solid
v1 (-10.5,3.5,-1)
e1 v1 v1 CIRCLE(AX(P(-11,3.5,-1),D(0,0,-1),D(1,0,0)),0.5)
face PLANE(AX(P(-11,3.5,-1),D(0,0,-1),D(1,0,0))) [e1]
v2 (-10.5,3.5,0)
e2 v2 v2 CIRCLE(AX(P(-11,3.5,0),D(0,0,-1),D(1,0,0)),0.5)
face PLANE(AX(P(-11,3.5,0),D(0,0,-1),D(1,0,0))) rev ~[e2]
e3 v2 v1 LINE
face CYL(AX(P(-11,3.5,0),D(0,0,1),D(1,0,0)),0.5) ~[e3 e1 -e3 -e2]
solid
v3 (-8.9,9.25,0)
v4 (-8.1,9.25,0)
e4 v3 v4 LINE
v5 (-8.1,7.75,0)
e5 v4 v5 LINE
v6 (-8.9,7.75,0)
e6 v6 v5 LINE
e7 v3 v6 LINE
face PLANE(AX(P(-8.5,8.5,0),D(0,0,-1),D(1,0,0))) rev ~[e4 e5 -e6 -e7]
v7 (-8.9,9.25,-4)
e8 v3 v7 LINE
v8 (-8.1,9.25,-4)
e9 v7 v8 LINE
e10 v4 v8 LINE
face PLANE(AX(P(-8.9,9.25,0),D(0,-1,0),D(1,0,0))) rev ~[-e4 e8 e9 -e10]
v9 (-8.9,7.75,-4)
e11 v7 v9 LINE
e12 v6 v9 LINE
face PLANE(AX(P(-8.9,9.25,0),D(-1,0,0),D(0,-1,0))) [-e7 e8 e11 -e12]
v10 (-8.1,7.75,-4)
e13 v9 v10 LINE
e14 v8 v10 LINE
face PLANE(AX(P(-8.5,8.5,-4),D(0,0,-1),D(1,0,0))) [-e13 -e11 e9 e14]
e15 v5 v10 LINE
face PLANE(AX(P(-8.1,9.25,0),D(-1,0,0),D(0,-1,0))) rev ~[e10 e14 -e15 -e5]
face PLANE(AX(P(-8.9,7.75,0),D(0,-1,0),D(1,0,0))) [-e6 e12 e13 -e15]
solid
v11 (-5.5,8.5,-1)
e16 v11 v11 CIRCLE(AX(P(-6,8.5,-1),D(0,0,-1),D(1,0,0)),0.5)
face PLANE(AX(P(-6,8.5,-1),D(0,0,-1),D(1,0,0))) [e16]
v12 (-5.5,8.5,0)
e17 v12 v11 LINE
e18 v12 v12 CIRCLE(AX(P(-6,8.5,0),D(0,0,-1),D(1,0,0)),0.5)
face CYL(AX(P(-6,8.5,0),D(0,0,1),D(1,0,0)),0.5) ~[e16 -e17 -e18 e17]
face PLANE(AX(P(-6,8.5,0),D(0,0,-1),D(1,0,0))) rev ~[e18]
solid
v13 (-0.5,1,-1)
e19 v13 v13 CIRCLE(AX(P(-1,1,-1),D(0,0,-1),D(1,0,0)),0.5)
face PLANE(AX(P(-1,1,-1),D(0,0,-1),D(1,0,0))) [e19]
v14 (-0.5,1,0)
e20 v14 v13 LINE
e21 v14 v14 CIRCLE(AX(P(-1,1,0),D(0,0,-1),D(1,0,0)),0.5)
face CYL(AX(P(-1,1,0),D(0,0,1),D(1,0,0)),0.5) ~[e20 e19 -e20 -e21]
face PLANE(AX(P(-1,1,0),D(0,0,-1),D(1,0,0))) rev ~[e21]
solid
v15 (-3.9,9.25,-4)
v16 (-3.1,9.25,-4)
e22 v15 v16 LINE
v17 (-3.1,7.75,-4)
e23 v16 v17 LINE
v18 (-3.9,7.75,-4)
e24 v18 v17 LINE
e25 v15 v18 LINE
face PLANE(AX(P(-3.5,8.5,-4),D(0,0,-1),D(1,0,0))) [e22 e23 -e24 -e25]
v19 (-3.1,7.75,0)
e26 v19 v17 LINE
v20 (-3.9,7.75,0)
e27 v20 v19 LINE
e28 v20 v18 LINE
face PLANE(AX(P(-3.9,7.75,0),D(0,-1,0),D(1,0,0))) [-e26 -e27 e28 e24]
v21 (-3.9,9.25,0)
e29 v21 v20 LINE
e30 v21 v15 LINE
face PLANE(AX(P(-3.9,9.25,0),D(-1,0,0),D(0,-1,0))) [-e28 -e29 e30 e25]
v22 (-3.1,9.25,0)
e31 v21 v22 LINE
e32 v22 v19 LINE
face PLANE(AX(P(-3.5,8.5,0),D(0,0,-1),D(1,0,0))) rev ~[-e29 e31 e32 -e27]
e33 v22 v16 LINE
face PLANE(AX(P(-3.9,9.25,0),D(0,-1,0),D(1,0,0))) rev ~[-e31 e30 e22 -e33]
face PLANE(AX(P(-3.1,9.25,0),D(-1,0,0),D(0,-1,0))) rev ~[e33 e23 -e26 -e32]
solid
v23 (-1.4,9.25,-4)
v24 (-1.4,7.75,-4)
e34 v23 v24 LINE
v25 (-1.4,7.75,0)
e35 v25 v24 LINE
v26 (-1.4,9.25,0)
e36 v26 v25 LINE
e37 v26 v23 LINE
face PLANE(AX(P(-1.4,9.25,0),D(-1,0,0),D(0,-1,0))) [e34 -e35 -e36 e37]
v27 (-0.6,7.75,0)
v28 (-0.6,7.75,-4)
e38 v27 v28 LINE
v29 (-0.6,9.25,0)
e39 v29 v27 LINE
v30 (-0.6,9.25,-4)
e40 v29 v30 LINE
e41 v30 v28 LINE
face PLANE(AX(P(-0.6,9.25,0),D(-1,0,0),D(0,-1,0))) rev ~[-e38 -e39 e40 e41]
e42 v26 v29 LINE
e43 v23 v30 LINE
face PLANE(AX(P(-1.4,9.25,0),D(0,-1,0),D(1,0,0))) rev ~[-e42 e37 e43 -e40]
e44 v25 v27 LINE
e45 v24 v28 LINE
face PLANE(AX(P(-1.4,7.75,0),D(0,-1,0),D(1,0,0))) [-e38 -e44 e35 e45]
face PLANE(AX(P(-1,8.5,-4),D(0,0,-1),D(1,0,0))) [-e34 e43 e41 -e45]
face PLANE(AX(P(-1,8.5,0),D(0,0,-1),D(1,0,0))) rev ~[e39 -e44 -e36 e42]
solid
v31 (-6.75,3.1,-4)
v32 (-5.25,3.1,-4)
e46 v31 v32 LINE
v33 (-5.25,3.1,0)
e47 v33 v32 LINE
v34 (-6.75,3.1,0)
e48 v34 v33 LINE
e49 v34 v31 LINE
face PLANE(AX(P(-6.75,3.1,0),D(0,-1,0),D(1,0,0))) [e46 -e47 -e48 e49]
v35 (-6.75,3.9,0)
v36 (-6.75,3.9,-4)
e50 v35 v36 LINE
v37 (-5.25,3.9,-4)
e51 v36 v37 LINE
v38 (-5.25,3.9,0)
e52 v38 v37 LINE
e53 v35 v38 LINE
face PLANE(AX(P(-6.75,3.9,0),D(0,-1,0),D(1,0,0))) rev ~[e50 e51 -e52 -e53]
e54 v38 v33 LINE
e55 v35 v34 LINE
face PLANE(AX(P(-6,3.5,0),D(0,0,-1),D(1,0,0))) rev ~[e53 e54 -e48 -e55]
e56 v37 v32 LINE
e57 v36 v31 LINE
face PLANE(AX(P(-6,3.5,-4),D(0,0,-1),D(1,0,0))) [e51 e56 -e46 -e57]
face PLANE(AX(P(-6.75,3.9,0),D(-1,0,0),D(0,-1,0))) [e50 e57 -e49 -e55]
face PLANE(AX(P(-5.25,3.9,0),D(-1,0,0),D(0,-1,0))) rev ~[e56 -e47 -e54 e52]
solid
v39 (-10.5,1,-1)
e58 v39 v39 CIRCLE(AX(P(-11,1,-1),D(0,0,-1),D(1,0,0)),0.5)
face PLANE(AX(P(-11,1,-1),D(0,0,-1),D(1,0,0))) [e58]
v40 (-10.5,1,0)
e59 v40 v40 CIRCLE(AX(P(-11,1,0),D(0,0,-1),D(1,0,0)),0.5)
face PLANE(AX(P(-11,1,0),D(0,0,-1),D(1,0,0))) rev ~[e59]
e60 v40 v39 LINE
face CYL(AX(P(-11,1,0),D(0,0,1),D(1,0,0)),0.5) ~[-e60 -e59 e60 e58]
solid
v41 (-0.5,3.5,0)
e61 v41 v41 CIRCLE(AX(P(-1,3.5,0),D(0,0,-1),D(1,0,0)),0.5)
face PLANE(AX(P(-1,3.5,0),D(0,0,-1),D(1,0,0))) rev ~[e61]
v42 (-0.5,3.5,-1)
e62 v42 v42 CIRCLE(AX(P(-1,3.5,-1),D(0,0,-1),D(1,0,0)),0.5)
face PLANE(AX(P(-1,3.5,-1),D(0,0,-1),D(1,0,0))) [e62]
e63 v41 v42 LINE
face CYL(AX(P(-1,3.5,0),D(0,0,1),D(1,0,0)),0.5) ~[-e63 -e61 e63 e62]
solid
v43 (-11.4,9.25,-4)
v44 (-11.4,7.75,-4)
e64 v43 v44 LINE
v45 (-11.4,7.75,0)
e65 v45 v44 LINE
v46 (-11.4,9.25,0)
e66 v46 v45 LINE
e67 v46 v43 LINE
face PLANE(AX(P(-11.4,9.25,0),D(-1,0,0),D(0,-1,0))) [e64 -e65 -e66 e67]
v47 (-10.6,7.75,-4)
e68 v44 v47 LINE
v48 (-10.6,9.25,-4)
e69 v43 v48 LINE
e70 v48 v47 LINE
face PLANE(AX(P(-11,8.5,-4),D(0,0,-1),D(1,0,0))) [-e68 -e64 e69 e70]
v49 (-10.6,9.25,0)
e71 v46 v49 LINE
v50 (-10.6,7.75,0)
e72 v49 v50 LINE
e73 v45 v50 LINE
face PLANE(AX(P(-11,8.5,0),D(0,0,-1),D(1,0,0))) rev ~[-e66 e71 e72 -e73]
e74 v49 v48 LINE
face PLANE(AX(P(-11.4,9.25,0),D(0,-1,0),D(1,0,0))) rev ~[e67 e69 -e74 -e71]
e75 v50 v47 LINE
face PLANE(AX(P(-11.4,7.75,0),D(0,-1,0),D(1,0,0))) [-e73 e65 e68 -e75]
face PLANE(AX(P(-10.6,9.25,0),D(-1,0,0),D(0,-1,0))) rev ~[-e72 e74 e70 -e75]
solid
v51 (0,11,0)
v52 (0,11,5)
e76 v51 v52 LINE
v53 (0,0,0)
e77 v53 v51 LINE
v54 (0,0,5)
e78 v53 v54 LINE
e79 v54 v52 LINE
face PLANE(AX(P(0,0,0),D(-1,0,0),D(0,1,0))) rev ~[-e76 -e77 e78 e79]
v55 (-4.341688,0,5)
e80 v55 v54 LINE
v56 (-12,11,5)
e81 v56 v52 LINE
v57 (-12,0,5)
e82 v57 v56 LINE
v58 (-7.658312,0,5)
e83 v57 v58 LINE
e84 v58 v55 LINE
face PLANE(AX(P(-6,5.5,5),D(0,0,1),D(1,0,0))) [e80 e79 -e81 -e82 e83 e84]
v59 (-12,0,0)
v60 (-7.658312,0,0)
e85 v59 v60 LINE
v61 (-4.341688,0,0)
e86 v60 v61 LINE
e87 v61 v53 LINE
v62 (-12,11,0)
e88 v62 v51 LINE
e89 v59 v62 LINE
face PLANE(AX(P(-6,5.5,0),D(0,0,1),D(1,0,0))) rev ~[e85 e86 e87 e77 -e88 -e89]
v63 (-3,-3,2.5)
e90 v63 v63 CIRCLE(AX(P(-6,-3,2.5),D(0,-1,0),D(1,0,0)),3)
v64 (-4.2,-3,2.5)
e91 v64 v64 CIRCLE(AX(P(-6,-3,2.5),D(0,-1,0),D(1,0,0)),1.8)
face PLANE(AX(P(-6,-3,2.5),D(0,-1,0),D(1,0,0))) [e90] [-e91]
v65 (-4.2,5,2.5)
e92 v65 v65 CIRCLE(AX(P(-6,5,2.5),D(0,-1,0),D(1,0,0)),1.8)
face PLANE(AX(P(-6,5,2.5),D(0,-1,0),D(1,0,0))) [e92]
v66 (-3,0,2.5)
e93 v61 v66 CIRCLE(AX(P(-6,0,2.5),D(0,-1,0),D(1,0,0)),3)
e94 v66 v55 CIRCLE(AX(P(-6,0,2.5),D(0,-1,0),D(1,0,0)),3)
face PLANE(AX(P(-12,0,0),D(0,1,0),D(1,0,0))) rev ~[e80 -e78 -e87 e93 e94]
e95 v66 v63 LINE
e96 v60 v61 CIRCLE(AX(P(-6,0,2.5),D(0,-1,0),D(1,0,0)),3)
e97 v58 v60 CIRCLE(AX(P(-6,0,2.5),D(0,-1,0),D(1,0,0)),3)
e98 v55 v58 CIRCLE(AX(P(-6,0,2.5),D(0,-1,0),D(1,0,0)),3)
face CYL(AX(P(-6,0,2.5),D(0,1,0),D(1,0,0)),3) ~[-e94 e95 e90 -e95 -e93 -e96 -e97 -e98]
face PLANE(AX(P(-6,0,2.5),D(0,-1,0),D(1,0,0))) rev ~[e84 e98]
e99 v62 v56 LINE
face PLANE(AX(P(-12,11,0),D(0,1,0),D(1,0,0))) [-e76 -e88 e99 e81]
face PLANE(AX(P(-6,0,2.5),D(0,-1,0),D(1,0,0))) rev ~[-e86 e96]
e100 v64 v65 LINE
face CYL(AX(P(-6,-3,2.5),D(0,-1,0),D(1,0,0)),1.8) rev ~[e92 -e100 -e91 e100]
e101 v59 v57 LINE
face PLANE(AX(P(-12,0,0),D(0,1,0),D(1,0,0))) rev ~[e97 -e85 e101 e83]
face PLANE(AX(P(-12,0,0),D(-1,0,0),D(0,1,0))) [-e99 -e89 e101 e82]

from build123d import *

# Parameters (mm, degrees)
SKETCH002_R   = 0.5
PAD002_DEPTH  = 1
SKETCH003_W   = 0.8
SKETCH003_H   = 1.5
SKETCH003_W_2 = 1.5
SKETCH003_H_2 = 0.8
PAD003_DEPTH  = 4
SKETCH_W      = 12
SKETCH_H      = 11
PAD_DEPTH     = 5
SKETCH001_R   = 3
PAD001_DEPTH  = 3
SKETCH004_R   = 1.8
POCKET_DEPTH  = 8


with BuildPart() as pad002:
    # Sketch002 → Pad002 (new body)
    with BuildSketch(Plane(origin=(0, 0, 0), x_dir=(1, 0, 0), z_dir=(0, 0, -1))):
        with Locations((-11, -1)):
            Circle(SKETCH002_R)
        with Locations((-1, -1)):
            Circle(SKETCH002_R)
        with Locations((-11, -3.5)):
            Circle(SKETCH002_R)
        with Locations((-1, -3.5)):
            Circle(SKETCH002_R)
        with Locations((-6, -8.5)):
            Circle(SKETCH002_R)
    extrude(amount=PAD002_DEPTH)


with BuildPart() as pad003:
    # Sketch003 → Pad003 (new body)
    with BuildSketch(Plane(origin=(0, 0, 0), x_dir=(1, 0, 0), z_dir=(0, 0, -1))):
        with Locations((-11, -8.5)):
            Rectangle(SKETCH003_W, SKETCH003_H)
        with Locations((-8.5, -8.5)):
            Rectangle(SKETCH003_W, SKETCH003_H)
        with Locations((-3.5, -8.5)):
            Rectangle(SKETCH003_W, SKETCH003_H)
        with Locations((-1, -8.5)):
            Rectangle(SKETCH003_W, SKETCH003_H)
        with Locations((-6, -3.5)):
            Rectangle(SKETCH003_W_2, SKETCH003_H_2)
    extrude(amount=PAD003_DEPTH)


with BuildPart() as pocket:
    # Sketch → Pad (new body)
    with BuildSketch(Plane.XY):
        with Locations((-6, 5.5)):
            Rectangle(SKETCH_W, SKETCH_H)
    extrude(amount=PAD_DEPTH)

    # Sketch001 → Pad001 (new body)
    with BuildSketch(Plane.XZ):
        with Locations((-6, 2.5)):
            Circle(SKETCH001_R)
    extrude(amount=PAD001_DEPTH)

    # Sketch004 → Pocket (cut)
    with BuildSketch(Plane.XZ.offset(3)):
        with Locations((-6, 2.5)):
            Circle(SKETCH004_R)
    extrude(amount=-POCKET_DEPTH, mode=Mode.SUBTRACT)


solid = Compound([pad002.part, pad003.part, pocket.part])
